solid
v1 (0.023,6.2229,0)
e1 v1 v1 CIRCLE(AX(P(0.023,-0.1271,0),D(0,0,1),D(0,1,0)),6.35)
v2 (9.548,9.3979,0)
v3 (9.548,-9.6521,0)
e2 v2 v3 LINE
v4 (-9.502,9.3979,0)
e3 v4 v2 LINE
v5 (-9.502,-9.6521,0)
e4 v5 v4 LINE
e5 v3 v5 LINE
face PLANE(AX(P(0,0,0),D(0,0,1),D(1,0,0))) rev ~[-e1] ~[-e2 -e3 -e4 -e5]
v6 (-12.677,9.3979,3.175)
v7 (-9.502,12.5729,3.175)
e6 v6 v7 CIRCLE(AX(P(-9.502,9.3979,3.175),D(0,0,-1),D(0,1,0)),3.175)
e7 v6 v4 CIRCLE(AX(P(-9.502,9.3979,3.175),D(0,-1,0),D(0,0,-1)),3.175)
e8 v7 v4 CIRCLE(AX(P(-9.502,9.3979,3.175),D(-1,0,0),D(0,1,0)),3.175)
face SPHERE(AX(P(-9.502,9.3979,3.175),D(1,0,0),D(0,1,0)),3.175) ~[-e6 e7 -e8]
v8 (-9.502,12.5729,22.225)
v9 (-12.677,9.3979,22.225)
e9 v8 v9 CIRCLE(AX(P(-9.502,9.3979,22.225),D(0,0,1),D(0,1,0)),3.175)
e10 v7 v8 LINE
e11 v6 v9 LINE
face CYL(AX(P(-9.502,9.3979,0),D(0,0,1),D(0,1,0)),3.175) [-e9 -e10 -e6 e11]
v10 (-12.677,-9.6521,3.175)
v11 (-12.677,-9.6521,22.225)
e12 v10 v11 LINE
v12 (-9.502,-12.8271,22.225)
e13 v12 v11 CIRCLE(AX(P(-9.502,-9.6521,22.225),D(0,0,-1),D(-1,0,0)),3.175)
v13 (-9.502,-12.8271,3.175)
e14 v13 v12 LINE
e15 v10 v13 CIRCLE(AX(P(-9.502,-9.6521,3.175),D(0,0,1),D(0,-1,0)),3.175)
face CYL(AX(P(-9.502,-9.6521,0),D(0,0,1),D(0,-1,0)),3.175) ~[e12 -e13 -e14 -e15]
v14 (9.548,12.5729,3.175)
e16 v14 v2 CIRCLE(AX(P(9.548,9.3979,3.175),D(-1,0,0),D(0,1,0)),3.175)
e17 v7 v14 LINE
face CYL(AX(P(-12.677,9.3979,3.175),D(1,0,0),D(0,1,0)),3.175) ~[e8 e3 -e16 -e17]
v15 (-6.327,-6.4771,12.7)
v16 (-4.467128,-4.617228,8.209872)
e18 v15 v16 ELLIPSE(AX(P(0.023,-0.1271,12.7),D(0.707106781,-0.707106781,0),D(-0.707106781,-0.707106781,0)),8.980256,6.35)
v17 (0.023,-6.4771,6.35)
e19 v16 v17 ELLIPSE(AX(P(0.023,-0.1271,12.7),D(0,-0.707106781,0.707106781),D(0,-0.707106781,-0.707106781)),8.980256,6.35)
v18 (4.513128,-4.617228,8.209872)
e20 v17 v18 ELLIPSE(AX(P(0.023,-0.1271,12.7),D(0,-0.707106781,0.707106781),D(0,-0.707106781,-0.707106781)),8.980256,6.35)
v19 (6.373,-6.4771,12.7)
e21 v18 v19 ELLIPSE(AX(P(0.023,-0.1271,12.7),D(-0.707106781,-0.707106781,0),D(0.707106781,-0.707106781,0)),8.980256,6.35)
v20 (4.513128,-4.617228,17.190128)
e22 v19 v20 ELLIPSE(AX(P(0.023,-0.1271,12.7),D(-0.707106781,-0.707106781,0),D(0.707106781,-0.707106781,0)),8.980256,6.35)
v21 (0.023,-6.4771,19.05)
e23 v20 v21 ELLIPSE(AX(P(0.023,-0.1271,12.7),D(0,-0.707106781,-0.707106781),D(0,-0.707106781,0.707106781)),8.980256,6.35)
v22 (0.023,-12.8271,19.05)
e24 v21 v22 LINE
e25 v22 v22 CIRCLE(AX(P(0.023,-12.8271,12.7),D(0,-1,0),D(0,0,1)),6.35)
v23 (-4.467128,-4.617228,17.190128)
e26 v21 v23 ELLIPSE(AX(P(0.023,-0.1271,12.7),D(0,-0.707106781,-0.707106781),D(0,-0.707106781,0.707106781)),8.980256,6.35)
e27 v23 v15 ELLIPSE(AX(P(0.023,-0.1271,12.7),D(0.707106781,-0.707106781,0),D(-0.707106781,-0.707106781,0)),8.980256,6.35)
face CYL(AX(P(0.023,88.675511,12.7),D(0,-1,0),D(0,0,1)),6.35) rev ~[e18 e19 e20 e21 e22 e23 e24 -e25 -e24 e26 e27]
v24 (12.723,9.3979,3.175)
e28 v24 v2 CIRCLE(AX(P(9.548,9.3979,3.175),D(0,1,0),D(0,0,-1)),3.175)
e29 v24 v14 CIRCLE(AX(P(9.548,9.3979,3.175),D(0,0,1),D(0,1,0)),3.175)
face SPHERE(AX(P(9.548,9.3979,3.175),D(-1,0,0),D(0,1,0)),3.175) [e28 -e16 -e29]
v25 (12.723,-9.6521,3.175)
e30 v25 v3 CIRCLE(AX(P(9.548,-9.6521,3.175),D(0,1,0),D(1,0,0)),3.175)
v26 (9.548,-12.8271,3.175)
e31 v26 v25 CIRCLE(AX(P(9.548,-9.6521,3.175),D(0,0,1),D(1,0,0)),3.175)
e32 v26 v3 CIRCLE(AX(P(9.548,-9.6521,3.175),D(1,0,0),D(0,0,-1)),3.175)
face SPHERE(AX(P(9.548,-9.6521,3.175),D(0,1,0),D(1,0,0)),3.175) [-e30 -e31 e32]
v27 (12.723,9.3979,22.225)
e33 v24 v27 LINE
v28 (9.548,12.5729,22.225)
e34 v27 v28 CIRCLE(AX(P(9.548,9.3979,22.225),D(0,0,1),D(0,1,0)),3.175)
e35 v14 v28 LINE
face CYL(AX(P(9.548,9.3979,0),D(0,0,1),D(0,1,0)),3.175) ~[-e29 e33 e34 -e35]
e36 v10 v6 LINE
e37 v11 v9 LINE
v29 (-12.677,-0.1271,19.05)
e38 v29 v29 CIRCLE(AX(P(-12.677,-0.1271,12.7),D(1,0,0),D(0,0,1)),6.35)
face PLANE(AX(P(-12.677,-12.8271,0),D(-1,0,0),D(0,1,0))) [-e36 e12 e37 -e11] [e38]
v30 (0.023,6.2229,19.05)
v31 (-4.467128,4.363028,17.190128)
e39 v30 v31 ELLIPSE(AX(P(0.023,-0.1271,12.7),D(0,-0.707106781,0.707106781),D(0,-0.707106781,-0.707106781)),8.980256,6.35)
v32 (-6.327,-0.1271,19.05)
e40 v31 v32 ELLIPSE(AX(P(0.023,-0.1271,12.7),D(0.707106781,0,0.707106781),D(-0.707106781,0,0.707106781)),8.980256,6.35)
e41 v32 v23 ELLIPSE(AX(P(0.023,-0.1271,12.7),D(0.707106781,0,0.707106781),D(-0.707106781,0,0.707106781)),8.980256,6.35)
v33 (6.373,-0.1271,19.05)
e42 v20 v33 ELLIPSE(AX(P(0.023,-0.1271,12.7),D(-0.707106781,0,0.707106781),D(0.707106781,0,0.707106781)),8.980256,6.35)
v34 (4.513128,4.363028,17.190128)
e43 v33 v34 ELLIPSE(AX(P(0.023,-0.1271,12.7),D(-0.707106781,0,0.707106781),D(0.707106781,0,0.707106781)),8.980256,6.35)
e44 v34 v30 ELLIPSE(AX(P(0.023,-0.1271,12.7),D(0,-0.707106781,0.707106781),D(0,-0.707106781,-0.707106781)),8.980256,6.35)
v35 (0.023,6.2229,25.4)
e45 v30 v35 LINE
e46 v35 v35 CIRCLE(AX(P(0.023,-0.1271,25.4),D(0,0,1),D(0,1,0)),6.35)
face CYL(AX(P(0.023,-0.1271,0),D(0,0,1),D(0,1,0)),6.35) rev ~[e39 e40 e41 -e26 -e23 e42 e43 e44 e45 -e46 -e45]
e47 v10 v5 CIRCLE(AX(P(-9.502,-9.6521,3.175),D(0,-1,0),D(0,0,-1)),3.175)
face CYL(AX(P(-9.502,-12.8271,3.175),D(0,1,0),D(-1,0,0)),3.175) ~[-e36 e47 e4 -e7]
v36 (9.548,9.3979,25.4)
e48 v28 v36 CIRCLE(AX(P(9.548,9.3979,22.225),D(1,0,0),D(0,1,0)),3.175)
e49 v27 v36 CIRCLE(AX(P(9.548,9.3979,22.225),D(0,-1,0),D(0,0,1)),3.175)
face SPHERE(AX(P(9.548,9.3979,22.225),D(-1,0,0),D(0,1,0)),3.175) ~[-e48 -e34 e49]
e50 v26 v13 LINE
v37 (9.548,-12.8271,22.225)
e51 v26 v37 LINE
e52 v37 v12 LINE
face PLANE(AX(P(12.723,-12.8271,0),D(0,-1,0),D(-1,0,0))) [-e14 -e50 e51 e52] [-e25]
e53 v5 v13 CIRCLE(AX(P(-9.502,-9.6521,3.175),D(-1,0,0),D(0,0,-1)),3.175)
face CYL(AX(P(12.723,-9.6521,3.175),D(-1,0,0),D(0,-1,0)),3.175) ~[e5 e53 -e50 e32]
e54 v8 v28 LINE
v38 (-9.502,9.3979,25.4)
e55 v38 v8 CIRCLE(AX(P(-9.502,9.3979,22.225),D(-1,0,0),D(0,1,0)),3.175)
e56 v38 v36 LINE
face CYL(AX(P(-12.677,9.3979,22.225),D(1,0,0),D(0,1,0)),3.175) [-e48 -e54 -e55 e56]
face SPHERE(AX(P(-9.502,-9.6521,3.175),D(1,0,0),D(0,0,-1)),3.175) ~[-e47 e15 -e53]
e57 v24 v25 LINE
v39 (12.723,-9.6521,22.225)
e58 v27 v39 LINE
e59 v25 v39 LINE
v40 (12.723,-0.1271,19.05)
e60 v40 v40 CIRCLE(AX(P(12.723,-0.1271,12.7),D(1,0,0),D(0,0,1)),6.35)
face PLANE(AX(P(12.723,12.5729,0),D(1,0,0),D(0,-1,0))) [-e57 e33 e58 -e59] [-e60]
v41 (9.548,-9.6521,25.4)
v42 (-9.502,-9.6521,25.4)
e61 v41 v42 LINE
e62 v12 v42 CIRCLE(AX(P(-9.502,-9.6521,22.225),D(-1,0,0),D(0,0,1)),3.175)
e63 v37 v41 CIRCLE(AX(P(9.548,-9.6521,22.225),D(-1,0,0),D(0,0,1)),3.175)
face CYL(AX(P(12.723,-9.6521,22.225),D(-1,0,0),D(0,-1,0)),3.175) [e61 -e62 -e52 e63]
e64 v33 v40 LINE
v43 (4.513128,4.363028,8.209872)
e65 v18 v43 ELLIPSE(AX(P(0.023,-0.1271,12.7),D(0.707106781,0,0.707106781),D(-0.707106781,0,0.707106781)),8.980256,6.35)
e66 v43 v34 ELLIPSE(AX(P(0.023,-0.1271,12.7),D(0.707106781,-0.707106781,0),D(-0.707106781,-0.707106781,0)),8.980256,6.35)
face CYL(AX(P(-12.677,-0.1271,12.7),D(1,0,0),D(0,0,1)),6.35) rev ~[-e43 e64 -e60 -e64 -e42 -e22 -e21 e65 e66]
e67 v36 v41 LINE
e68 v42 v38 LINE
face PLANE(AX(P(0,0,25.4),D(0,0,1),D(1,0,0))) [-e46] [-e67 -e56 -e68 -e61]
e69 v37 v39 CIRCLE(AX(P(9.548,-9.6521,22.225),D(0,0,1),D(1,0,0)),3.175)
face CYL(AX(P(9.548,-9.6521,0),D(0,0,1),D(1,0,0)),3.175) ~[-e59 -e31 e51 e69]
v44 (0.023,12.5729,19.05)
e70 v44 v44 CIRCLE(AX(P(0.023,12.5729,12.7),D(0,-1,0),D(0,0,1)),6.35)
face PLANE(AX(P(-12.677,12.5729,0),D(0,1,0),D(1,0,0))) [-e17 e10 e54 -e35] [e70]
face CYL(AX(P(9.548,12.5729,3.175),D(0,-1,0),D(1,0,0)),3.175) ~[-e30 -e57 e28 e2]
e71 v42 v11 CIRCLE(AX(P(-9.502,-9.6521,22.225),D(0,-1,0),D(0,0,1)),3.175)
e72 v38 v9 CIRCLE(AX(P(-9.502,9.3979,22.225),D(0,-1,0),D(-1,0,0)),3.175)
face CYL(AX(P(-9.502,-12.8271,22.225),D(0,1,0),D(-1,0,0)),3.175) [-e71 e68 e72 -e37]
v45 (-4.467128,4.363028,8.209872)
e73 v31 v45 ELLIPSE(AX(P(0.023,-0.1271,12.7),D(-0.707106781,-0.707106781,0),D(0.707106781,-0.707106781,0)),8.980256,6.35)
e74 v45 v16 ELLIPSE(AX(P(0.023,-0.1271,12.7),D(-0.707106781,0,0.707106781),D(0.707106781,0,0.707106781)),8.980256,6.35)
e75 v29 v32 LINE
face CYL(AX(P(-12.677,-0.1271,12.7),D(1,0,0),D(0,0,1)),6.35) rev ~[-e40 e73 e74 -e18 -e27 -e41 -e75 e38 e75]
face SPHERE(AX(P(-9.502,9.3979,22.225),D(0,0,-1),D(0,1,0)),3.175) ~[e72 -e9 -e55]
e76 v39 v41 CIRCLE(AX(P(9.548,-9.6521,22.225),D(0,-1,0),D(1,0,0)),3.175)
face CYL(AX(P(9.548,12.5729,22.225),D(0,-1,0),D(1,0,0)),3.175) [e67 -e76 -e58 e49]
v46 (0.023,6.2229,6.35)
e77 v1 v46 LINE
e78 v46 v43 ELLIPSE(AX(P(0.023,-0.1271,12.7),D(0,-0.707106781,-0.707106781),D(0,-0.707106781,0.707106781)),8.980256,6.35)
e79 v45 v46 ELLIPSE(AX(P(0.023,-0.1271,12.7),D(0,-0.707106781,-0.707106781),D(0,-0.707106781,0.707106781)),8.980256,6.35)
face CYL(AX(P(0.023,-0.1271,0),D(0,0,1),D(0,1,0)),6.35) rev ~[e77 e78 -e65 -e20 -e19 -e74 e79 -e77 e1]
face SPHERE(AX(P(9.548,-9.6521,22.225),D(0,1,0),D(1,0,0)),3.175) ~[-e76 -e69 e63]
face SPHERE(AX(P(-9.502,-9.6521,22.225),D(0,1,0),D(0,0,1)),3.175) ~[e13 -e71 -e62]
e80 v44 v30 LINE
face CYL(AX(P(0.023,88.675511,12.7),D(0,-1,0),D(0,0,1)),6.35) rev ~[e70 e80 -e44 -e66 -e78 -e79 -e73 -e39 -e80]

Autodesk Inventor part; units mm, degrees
ref_plane "YZ Plane" through (0, 0, 0) normal (1, 0, 0) x (0, 1, 0)
ref_plane "XZ Plane" through (0, 0, 0) normal (0, 1, 0) x (-1, 0, 0)
ref_plane "XY Plane" through (0, 0, 0) normal (0, 0, 1) x (1, 0, 0)
sketch "Sketch1" plane through (0, 0, 0) normal (0, 0, 1) x (1, 0, 0)
  line L0 (-12.677, 12.5729) -> (12.723, 12.5729)
  line L1 (12.723, 12.5729) -> (12.723, -12.8271)
  line L2 (12.723, -12.8271) -> (-12.677, -12.8271)
  line L3 (-12.677, -12.8271) -> (-12.677, 12.5729)
  point P0 (0, 0)
  dimension "d0" = 25.4
  dimension "d1" = 25.4
extrude "Extrusion1" add sketch "Sketch1" along normal blind 25.4
fillet "Fillet1" radius 3.175 12 edges at (0.023, 12.5729, 0) (-12.677, 12.5729, 12.7) (0.023, 12.5729, 25.4) (12.723, 12.5729, 12.7) (12.723, -0.1271, 0) (12.723, -0.1271, 25.4) (12.723, -12.8271, 12.7) (-12.677, -0.1271, 25.4) (0.023, -12.8271, 25.4) (0.023, -12.8271, 0) (-12.677, -0.1271, 0) (-12.677, -12.8271, 12.7)
hole "Hole1" at (0.023, 12.5729, 12.7) direction (0, -1, 0) diameter 12.7 end through all both
hole "Hole2" at (0.023, -0.1271, 0) direction (0, 0, 1) diameter 12.7 end through all
hole "Hole3" at (-12.677, -0.1271, 12.7) direction (1, 0, 0) diameter 12.7 end through all
properties part number "FirstPart"
